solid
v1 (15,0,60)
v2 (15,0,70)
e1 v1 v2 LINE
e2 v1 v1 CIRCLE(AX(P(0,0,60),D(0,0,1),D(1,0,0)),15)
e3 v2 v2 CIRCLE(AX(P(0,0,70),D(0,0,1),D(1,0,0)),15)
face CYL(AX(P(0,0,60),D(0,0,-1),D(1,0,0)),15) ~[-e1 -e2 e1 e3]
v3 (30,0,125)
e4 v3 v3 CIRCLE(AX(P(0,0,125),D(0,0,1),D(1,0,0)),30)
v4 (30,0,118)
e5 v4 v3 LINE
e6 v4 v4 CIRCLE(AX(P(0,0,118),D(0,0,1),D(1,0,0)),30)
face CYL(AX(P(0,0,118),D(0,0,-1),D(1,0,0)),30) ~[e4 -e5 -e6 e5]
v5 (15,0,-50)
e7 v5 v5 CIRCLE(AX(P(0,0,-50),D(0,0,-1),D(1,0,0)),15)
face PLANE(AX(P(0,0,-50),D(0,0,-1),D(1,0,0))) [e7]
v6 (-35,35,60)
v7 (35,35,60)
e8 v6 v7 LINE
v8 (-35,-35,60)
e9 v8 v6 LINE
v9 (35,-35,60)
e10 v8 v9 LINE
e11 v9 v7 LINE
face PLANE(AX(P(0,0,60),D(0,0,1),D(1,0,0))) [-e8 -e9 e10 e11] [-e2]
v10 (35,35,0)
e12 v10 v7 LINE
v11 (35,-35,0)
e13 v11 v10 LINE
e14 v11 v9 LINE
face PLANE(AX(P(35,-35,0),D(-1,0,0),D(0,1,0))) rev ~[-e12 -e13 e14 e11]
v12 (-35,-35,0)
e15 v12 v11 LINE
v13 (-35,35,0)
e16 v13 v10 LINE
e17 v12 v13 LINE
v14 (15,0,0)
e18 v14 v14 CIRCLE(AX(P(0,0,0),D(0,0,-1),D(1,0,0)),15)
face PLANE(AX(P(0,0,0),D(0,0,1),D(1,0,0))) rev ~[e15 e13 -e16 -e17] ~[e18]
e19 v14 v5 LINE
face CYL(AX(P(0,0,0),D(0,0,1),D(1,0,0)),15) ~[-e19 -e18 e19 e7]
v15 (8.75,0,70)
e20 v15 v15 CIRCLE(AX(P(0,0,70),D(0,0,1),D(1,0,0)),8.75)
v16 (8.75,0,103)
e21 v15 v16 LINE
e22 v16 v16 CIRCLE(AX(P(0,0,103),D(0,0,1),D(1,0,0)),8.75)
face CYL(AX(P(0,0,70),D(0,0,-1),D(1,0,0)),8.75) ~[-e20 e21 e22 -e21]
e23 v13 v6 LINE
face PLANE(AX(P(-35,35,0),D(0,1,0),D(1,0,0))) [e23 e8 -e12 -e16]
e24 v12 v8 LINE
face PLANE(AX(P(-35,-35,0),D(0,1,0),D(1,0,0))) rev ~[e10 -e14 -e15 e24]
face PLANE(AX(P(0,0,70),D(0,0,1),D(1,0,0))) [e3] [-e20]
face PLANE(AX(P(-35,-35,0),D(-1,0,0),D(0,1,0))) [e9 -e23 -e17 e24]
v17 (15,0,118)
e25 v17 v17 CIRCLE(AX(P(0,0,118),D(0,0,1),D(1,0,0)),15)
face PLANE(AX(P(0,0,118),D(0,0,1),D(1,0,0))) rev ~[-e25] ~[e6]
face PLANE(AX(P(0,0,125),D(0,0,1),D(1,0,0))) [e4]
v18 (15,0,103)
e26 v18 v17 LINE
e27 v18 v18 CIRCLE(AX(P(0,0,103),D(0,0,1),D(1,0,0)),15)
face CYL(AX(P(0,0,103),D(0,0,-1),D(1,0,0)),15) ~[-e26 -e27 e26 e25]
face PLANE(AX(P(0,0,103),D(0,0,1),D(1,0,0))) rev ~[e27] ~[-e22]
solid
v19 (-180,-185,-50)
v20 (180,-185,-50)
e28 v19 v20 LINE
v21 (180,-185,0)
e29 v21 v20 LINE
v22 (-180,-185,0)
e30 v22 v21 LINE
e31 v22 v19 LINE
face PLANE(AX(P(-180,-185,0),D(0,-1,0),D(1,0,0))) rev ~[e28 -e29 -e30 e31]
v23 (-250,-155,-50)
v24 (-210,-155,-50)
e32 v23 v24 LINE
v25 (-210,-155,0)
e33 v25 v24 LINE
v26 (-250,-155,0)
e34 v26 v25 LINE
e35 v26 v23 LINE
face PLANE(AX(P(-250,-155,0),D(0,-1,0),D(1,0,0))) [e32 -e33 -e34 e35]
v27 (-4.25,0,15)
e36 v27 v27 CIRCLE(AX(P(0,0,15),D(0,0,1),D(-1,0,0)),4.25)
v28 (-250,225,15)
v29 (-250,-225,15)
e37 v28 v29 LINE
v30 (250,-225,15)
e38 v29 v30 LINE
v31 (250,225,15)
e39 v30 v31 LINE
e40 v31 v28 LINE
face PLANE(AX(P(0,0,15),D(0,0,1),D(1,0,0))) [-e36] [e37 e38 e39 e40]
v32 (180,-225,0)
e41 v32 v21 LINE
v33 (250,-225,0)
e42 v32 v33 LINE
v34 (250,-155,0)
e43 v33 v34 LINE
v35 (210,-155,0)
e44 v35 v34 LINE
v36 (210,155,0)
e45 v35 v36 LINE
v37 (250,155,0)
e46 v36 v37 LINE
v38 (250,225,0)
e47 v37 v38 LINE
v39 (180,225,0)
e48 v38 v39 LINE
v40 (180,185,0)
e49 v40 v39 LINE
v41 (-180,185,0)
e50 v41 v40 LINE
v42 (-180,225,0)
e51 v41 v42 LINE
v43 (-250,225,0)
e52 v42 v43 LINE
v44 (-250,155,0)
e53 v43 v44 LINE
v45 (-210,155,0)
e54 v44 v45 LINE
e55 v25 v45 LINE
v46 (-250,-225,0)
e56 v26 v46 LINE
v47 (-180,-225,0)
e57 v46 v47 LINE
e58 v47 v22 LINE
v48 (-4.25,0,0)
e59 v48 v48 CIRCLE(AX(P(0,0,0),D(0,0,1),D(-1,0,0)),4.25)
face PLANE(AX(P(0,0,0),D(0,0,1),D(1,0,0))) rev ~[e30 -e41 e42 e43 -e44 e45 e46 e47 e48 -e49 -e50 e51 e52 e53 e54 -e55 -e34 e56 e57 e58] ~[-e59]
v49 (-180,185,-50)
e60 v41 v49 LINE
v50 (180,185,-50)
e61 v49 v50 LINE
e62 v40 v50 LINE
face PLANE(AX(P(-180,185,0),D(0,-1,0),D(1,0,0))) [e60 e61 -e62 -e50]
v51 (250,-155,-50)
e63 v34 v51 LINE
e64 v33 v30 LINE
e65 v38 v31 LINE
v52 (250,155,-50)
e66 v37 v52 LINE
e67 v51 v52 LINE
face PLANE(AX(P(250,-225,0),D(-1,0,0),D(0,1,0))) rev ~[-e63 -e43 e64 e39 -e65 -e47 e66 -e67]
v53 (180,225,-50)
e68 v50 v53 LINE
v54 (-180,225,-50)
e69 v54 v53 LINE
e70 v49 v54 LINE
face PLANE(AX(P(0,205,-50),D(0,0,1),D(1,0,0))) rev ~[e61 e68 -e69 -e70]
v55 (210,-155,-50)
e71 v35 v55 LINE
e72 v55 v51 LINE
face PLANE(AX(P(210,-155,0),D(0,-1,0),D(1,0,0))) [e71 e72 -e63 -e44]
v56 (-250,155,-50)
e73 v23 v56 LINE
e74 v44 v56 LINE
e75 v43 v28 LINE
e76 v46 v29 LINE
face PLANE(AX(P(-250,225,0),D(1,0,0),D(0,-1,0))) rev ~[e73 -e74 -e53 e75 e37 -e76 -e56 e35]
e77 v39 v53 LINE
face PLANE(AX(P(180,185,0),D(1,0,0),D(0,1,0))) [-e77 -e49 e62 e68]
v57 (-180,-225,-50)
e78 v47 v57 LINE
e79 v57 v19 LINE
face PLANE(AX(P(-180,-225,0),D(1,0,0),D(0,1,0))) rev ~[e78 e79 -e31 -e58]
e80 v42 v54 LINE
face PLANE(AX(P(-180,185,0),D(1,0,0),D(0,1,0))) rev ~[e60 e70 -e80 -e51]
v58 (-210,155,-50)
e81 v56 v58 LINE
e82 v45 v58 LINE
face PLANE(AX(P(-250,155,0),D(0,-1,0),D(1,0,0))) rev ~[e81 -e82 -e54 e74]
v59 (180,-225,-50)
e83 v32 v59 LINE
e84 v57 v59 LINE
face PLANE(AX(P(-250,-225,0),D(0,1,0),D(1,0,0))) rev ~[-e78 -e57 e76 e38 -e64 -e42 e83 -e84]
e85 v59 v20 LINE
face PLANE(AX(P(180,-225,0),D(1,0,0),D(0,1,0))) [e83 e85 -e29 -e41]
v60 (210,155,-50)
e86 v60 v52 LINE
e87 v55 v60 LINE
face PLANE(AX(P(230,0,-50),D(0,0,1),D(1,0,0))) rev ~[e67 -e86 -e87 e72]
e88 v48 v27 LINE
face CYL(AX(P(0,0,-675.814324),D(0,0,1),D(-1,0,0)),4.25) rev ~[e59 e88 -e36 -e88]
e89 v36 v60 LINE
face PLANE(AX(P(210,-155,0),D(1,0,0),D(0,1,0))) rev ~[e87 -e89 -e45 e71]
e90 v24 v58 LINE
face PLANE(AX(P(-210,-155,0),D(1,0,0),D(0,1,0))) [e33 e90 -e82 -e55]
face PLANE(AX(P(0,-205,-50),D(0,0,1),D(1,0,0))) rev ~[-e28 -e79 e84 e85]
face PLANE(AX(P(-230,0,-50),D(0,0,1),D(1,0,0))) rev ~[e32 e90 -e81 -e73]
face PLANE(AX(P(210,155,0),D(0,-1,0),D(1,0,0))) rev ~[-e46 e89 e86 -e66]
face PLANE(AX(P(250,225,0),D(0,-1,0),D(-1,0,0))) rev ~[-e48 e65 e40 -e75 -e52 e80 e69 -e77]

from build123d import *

# Parameters (mm, degrees)
F0_W      = 40
F0_H      = 310
F0_W_2    = 360
F0_H_2    = 40
F1_DEPTH  = 15
F2_DEPTH  = 50
F3_D      = 8.5
F4_W      = 70
F4_H      = 70
F5_DEPTH  = 60
F6_R      = 15
F7_DEPTH  = 10
F8_R      = 8.75
F9_DEPTH  = 33
F10_R     = 15
F10_R_2   = 8.75
F11_DEPTH = 15
F12_R     = 30
F12_R_2   = 15
F13_DEPTH = 7
F14_R     = 15
F15_DEPTH = 50


with BuildPart() as f1:
    # F0 (on Top) → F1 (new body)
    with BuildSketch(Plane.XY):
        Polygon((180, -225), (250, -225), (250, -155), (210, -155), (210, 155), (250, 155), (250, 225), (180, 225), (180, 185), (-180, 185), (-180, 225), (-250, 225), (-250, 155), (-210, 155), (-210, -155), (-250, -155), (-250, -225), (-180, -225), (-180, -185), (180, -185), align=None)
        with Locations((-230, 0)):
            Rectangle(F0_W, F0_H)
        with Locations((0, 205)):
            Rectangle(F0_W_2, F0_H_2)
        with Locations((230, 0)):
            Rectangle(F0_W, F0_H)
        with Locations((0, -205)):
            Rectangle(F0_W_2, F0_H_2)
    extrude(amount=F1_DEPTH)

    # F0 (on Top) → F2 (join)
    with BuildSketch(Plane.XY):
        with Locations((0, -205)):
            Rectangle(F0_W_2, F0_H_2)
        with Locations((-230, 0)):
            Rectangle(F0_W, F0_H)
        with Locations((0, 205)):
            Rectangle(F0_W_2, F0_H_2)
        with Locations((230, 0)):
            Rectangle(F0_W, F0_H)
    extrude(amount=-F2_DEPTH)

    # F3 (through all)
    with Locations(Plane(origin=(0, 0, 0), x_dir=(1, 0, 0), z_dir=(0, 0, -1))):
        with Locations((0, 0)):
            Hole(F3_D / 2)


with BuildPart() as f5:
    # F4 (on Top) → F5 (new body)
    with BuildSketch(Plane.XY):
        Rectangle(F4_W, F4_H)
    extrude(amount=F5_DEPTH)

    # F6 (on face) → F7 (join)
    with BuildSketch(Plane.XY.offset(60)):
        Circle(F6_R)
    extrude(amount=F7_DEPTH)

    # F8 (on face) → F9 (join)
    with BuildSketch(Plane.XY.offset(70)):
        Circle(F8_R)
    extrude(amount=F9_DEPTH)

    # F10 (on face) → F11 (join)
    with BuildSketch(Plane.XY.offset(103)):
        Circle(F10_R)
        Circle(F10_R_2, mode=Mode.SUBTRACT)
        Circle(F10_R_2)
    extrude(amount=F11_DEPTH)

    # F12 (on face) → F13 (join)
    with BuildSketch(Plane.XY.offset(118)):
        Circle(F12_R)
        Circle(F12_R_2, mode=Mode.SUBTRACT)
        Circle(F12_R_2)
    extrude(amount=F13_DEPTH)

    # F14 (on face) → F15 (join)
    with BuildSketch(Plane(origin=(0, 0, 0), x_dir=(1, 0, 0), z_dir=(0, 0, -1))):
        Circle(F14_R)
    extrude(amount=F15_DEPTH)


solid = Compound([f1.part, f5.part])
